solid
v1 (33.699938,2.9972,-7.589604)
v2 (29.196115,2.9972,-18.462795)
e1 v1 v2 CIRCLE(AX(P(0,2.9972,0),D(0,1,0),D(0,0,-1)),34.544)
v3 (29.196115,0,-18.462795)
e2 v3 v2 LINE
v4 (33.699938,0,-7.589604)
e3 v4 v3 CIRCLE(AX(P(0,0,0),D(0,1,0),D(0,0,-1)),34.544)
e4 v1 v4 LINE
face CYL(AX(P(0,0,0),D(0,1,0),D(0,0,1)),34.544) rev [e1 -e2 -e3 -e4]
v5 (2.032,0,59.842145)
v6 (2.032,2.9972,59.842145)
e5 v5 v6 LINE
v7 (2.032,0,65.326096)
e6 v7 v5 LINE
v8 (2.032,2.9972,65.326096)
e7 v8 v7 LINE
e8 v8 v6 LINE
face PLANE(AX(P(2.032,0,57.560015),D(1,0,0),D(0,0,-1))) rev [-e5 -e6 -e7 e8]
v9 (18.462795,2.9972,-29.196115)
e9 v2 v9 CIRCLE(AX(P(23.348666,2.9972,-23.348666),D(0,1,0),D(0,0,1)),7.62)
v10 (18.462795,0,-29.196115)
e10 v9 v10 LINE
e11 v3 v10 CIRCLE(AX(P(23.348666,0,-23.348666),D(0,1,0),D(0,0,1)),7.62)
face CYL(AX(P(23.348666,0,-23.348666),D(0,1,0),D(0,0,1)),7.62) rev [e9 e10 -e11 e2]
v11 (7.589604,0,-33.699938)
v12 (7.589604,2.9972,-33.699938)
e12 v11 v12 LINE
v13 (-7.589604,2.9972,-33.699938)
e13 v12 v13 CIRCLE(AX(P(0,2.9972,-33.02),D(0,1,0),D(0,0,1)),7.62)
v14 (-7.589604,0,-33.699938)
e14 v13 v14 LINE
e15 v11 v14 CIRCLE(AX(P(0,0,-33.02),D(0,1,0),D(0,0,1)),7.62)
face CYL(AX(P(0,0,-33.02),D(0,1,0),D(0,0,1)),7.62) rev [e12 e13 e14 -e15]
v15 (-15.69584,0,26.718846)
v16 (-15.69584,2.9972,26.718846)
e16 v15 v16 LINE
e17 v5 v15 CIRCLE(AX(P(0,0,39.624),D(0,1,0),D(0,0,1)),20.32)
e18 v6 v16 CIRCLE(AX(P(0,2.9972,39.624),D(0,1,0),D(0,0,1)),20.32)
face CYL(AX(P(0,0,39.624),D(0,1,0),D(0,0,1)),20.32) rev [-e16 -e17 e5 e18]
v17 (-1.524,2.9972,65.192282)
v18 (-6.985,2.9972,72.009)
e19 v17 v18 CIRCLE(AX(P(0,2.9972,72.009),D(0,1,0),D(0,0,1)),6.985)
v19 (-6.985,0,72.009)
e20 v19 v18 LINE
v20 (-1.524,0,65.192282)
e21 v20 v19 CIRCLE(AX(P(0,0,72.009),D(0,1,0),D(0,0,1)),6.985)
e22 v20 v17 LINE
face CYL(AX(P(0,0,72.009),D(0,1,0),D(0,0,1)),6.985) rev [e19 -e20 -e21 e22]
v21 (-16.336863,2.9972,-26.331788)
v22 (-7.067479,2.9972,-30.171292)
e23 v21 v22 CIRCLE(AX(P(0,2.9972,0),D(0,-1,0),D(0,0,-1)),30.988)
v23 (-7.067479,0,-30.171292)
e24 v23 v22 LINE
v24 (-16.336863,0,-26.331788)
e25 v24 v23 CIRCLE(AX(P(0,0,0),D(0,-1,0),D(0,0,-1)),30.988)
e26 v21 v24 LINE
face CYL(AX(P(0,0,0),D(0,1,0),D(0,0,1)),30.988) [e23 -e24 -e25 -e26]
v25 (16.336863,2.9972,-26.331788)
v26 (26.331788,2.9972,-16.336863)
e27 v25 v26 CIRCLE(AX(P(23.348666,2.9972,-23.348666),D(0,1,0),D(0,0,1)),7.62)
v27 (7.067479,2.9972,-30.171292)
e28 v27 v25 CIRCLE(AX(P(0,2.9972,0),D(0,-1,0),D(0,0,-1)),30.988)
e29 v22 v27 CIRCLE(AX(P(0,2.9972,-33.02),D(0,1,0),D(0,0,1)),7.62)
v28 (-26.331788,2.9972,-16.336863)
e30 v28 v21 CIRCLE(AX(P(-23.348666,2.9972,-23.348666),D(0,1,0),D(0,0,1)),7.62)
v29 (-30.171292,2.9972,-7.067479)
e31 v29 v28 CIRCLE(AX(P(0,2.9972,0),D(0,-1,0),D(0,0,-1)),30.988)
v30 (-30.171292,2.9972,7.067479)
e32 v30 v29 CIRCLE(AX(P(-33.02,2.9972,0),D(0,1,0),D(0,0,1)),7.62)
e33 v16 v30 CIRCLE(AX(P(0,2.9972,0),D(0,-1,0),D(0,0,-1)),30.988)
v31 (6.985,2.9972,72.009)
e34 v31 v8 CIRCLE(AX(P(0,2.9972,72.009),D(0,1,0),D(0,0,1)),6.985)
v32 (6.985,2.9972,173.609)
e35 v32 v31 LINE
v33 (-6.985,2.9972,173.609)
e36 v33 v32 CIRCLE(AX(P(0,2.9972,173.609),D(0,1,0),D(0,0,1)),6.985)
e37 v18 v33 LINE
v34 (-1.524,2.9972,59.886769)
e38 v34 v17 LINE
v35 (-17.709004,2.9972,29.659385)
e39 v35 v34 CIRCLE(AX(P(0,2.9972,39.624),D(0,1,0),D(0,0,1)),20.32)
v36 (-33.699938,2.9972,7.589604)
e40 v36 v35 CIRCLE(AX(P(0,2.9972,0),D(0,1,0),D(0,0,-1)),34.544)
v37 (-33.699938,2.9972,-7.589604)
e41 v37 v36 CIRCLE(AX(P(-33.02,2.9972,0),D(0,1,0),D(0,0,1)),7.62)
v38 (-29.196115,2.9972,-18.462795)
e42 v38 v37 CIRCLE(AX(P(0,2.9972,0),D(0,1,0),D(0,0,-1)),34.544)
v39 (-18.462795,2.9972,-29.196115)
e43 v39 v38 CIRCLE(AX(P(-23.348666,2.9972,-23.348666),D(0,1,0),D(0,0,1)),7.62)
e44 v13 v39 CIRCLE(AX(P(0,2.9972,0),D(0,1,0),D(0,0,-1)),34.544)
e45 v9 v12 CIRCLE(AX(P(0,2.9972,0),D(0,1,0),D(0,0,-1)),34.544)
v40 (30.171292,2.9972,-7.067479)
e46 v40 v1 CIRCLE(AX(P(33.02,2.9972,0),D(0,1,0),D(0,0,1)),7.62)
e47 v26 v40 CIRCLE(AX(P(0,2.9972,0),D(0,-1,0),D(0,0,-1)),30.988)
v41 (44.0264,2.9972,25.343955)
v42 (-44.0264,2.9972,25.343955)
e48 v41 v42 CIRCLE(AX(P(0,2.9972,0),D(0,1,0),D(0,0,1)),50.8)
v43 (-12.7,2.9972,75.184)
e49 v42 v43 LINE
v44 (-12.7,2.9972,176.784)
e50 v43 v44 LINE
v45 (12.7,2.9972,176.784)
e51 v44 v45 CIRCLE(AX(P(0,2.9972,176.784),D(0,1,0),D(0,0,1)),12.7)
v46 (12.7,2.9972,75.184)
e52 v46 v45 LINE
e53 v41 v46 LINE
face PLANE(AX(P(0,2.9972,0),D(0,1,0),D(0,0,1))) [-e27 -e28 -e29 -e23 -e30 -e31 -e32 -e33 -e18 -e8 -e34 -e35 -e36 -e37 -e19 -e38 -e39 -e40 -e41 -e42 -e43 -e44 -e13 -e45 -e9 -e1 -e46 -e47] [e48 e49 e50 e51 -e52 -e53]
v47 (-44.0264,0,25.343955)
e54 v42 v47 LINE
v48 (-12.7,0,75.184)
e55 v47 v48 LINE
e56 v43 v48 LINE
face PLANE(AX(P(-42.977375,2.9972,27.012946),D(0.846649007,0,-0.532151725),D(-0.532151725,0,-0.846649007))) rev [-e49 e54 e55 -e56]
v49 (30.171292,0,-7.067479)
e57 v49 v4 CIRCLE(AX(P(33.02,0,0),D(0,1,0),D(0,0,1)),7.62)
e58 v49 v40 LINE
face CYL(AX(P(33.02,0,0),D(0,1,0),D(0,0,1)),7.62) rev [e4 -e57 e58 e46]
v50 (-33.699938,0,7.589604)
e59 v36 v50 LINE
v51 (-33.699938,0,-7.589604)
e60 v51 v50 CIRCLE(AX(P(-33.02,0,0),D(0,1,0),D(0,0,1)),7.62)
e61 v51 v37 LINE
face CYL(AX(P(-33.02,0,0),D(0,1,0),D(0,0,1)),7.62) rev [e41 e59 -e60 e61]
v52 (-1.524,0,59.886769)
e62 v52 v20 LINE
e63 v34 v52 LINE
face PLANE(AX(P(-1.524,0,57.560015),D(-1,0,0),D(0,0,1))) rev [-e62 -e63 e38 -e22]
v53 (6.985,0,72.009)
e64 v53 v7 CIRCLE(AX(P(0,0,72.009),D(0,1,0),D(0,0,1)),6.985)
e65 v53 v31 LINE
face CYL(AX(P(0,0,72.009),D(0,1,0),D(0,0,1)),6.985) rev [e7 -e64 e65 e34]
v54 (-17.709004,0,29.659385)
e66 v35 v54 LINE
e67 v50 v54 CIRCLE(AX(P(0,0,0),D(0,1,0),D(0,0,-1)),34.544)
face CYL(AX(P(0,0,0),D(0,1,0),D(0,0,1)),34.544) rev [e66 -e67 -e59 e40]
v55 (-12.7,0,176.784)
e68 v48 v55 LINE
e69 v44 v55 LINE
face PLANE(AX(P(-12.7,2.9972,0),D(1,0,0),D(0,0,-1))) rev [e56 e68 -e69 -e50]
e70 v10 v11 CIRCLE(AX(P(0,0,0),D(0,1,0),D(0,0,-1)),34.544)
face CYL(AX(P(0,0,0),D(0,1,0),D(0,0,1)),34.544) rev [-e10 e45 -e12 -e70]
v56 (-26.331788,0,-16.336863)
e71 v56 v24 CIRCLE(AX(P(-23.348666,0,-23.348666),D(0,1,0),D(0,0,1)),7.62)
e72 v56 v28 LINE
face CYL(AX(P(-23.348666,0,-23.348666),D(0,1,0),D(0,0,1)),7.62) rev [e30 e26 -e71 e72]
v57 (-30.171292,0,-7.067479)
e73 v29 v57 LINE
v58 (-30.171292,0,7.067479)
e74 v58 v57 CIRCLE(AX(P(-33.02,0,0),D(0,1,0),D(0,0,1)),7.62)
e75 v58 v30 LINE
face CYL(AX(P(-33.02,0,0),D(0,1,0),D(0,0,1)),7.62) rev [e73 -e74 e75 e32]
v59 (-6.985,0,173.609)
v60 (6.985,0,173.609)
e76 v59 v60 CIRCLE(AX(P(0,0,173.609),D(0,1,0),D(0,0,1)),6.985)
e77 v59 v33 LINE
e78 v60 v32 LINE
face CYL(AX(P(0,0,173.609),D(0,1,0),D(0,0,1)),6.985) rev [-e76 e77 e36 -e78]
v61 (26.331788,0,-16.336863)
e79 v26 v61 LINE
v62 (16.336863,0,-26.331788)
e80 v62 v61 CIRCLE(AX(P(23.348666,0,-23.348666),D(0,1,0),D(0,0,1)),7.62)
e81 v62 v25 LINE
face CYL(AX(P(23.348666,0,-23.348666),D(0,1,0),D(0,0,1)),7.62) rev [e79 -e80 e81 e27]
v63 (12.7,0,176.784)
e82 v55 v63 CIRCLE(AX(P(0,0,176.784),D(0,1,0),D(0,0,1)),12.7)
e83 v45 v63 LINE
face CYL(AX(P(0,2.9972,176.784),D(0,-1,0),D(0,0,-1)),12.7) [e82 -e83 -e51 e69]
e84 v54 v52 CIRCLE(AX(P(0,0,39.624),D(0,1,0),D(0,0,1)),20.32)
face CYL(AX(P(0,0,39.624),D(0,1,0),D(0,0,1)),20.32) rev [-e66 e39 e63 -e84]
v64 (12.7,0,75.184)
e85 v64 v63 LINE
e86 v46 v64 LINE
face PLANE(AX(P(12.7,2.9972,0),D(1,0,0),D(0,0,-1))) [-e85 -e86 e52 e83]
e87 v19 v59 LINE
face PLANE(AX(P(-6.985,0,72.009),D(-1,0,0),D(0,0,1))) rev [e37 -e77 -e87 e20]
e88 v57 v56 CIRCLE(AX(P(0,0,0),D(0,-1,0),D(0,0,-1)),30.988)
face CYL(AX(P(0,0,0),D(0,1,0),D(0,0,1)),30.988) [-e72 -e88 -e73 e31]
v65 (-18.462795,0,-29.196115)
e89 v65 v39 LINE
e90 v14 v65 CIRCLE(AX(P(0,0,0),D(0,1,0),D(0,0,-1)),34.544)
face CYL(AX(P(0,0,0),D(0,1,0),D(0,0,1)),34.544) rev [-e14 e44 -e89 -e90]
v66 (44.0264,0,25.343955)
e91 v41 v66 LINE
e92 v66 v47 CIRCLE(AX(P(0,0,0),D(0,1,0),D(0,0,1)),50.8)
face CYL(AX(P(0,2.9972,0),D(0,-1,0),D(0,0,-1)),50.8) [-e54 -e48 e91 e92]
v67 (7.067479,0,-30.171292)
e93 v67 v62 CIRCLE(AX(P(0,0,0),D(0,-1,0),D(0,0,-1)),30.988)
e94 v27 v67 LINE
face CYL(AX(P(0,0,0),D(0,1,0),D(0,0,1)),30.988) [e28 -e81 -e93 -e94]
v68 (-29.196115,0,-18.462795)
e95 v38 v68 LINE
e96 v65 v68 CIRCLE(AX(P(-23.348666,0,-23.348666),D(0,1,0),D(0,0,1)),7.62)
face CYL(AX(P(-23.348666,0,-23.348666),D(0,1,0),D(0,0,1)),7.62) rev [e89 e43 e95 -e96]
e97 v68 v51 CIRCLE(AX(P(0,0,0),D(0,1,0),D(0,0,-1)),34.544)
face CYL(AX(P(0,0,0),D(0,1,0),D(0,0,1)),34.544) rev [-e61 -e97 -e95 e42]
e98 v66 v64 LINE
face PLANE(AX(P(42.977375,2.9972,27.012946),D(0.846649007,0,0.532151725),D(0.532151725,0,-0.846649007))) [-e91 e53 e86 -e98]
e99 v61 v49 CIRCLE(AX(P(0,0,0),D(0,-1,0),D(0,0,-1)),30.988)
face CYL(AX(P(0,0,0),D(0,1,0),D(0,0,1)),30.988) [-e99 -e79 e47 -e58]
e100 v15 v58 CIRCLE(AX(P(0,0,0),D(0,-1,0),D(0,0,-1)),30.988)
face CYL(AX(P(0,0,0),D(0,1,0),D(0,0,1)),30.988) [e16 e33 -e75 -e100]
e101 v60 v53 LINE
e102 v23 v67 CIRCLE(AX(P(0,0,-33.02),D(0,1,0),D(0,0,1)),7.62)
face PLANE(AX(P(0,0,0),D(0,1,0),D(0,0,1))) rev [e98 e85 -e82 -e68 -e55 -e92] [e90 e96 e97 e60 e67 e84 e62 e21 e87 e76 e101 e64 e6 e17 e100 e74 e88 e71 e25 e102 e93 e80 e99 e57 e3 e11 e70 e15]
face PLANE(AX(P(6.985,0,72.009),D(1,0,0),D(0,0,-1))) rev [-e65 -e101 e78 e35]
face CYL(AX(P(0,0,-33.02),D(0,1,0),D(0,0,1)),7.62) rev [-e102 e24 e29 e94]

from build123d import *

# Parameters (mm, degrees)
BOSS_EXTRUDE1_DEPTH = 2.9972
SKETCH2_R           = 7.62
CUT_EXTRUDE1_DEPTH  = 197.198393122
CUT_EXTRUDE2_DEPTH  = 197.198393122
SKETCH4_R           = 20.32
CUT_EXTRUDE3_DEPTH  = 197.198393122
CUT_EXTRUDE4_DEPTH  = 197.198393122
SKETCH6_W           = 3.556
SKETCH6_H           = 9.751681081
CUT_EXTRUDE5_DEPTH  = 197.198393122


with BuildPart() as part:
    # Sketch1 → Boss-Extrude1 (new body)
    with BuildSketch(Plane(origin=(0, 0, 0), x_dir=(1, 0, 0), z_dir=(0, 1, 0))):
        with BuildLine():
            Line((12.7, -75.184), (12.7, -176.784))
            ThreePointArc((12.7, -176.784), (0, -189.484), (-12.7, -176.784))
            Line((-12.7, -176.784), (-12.7, -75.184))
            Line((-12.7, -75.184), (-44.026400327, -25.343955378))
            ThreePointArc((-44.026400327, -25.343955378), (0, 50.8), (44.026400327, -25.343955378))
            Line((44.026400327, -25.343955378), (12.7, -75.184))
        make_face()
    extrude(amount=BOSS_EXTRUDE1_DEPTH)

    # Sketch2 → Cut-Extrude1 (cut, through all)
    with BuildSketch(Plane(origin=(0, 2.9972, 0), x_dir=(1, 0, 0), z_dir=(0, 1, 0))):
        with Locations(Location((-33.02, 0, 0), (0, 0, 270))):
            Circle(SKETCH2_R)
        with Locations(Location((-23.348665915, 23.348665915, 0), (0, 0, 270))):
            Circle(SKETCH2_R)
        with Locations(Location((0, 33.02, 0), (0, 0, 270))):
            Circle(SKETCH2_R)
        with Locations(Location((23.348665915, 23.348665915, 0), (0, 0, 270))):
            Circle(SKETCH2_R)
        with Locations(Location((33.02, 0, 0), (0, 0, 270))):
            Circle(SKETCH2_R)
    extrude(amount=-CUT_EXTRUDE1_DEPTH, mode=Mode.SUBTRACT)

    # Sketch3 → Cut-Extrude2 (cut, through all)
    with BuildSketch(Plane(origin=(0, 2.9972, 0), x_dir=(1, 0, 0), z_dir=(0, 1, 0))):
        with BuildLine():
            Line((-15.316948027, -30.962542518), (-1.255828352, -30.962542518))
            ThreePointArc((-1.255828352, -30.962542518), (-21.463230594, 22.351417773), (30.988, 0))
            Line((30.988, 0), (34.544, 0))
            ThreePointArc((34.544, 0), (-18.223326856, 29.346180234), (-15.316948027, -30.962542518))
        make_face()
    extrude(amount=-CUT_EXTRUDE2_DEPTH, mode=Mode.SUBTRACT)

    # Sketch4 → Cut-Extrude3 (cut, through all)
    with BuildSketch(Plane(origin=(0, 2.9972, 0), x_dir=(1, 0, 0), z_dir=(0, 1, 0))):
        with Locations((0, -39.624)):
            Circle(SKETCH4_R)
    extrude(amount=-CUT_EXTRUDE3_DEPTH, mode=Mode.SUBTRACT)

    # Sketch5 → Cut-Extrude4 (cut, through all)
    with BuildSketch(Plane(origin=(0, 2.9972, 0), x_dir=(1, 0, 0), z_dir=(0, 1, 0))):
        with BuildLine():
            Line((6.985, -72.009), (6.985, -173.609))
            ThreePointArc((6.985, -173.609), (0, -180.594), (-6.985, -173.609))
            Line((-6.985, -173.609), (-6.985, -72.009))
            ThreePointArc((-6.985, -72.009), (0, -65.024), (6.985, -72.009))
        make_face()
    extrude(amount=-CUT_EXTRUDE4_DEPTH, mode=Mode.SUBTRACT)

    # Sketch6 → Cut-Extrude5 (cut, through all)
    with BuildSketch(Plane(origin=(0, 2.9972, 0), x_dir=(1, 0, 0), z_dir=(0, 1, 0))):
        with Locations((0.254, -62.435855584)):
            Rectangle(SKETCH6_W, SKETCH6_H)
    extrude(amount=-CUT_EXTRUDE5_DEPTH, mode=Mode.SUBTRACT)


solid = part.part
